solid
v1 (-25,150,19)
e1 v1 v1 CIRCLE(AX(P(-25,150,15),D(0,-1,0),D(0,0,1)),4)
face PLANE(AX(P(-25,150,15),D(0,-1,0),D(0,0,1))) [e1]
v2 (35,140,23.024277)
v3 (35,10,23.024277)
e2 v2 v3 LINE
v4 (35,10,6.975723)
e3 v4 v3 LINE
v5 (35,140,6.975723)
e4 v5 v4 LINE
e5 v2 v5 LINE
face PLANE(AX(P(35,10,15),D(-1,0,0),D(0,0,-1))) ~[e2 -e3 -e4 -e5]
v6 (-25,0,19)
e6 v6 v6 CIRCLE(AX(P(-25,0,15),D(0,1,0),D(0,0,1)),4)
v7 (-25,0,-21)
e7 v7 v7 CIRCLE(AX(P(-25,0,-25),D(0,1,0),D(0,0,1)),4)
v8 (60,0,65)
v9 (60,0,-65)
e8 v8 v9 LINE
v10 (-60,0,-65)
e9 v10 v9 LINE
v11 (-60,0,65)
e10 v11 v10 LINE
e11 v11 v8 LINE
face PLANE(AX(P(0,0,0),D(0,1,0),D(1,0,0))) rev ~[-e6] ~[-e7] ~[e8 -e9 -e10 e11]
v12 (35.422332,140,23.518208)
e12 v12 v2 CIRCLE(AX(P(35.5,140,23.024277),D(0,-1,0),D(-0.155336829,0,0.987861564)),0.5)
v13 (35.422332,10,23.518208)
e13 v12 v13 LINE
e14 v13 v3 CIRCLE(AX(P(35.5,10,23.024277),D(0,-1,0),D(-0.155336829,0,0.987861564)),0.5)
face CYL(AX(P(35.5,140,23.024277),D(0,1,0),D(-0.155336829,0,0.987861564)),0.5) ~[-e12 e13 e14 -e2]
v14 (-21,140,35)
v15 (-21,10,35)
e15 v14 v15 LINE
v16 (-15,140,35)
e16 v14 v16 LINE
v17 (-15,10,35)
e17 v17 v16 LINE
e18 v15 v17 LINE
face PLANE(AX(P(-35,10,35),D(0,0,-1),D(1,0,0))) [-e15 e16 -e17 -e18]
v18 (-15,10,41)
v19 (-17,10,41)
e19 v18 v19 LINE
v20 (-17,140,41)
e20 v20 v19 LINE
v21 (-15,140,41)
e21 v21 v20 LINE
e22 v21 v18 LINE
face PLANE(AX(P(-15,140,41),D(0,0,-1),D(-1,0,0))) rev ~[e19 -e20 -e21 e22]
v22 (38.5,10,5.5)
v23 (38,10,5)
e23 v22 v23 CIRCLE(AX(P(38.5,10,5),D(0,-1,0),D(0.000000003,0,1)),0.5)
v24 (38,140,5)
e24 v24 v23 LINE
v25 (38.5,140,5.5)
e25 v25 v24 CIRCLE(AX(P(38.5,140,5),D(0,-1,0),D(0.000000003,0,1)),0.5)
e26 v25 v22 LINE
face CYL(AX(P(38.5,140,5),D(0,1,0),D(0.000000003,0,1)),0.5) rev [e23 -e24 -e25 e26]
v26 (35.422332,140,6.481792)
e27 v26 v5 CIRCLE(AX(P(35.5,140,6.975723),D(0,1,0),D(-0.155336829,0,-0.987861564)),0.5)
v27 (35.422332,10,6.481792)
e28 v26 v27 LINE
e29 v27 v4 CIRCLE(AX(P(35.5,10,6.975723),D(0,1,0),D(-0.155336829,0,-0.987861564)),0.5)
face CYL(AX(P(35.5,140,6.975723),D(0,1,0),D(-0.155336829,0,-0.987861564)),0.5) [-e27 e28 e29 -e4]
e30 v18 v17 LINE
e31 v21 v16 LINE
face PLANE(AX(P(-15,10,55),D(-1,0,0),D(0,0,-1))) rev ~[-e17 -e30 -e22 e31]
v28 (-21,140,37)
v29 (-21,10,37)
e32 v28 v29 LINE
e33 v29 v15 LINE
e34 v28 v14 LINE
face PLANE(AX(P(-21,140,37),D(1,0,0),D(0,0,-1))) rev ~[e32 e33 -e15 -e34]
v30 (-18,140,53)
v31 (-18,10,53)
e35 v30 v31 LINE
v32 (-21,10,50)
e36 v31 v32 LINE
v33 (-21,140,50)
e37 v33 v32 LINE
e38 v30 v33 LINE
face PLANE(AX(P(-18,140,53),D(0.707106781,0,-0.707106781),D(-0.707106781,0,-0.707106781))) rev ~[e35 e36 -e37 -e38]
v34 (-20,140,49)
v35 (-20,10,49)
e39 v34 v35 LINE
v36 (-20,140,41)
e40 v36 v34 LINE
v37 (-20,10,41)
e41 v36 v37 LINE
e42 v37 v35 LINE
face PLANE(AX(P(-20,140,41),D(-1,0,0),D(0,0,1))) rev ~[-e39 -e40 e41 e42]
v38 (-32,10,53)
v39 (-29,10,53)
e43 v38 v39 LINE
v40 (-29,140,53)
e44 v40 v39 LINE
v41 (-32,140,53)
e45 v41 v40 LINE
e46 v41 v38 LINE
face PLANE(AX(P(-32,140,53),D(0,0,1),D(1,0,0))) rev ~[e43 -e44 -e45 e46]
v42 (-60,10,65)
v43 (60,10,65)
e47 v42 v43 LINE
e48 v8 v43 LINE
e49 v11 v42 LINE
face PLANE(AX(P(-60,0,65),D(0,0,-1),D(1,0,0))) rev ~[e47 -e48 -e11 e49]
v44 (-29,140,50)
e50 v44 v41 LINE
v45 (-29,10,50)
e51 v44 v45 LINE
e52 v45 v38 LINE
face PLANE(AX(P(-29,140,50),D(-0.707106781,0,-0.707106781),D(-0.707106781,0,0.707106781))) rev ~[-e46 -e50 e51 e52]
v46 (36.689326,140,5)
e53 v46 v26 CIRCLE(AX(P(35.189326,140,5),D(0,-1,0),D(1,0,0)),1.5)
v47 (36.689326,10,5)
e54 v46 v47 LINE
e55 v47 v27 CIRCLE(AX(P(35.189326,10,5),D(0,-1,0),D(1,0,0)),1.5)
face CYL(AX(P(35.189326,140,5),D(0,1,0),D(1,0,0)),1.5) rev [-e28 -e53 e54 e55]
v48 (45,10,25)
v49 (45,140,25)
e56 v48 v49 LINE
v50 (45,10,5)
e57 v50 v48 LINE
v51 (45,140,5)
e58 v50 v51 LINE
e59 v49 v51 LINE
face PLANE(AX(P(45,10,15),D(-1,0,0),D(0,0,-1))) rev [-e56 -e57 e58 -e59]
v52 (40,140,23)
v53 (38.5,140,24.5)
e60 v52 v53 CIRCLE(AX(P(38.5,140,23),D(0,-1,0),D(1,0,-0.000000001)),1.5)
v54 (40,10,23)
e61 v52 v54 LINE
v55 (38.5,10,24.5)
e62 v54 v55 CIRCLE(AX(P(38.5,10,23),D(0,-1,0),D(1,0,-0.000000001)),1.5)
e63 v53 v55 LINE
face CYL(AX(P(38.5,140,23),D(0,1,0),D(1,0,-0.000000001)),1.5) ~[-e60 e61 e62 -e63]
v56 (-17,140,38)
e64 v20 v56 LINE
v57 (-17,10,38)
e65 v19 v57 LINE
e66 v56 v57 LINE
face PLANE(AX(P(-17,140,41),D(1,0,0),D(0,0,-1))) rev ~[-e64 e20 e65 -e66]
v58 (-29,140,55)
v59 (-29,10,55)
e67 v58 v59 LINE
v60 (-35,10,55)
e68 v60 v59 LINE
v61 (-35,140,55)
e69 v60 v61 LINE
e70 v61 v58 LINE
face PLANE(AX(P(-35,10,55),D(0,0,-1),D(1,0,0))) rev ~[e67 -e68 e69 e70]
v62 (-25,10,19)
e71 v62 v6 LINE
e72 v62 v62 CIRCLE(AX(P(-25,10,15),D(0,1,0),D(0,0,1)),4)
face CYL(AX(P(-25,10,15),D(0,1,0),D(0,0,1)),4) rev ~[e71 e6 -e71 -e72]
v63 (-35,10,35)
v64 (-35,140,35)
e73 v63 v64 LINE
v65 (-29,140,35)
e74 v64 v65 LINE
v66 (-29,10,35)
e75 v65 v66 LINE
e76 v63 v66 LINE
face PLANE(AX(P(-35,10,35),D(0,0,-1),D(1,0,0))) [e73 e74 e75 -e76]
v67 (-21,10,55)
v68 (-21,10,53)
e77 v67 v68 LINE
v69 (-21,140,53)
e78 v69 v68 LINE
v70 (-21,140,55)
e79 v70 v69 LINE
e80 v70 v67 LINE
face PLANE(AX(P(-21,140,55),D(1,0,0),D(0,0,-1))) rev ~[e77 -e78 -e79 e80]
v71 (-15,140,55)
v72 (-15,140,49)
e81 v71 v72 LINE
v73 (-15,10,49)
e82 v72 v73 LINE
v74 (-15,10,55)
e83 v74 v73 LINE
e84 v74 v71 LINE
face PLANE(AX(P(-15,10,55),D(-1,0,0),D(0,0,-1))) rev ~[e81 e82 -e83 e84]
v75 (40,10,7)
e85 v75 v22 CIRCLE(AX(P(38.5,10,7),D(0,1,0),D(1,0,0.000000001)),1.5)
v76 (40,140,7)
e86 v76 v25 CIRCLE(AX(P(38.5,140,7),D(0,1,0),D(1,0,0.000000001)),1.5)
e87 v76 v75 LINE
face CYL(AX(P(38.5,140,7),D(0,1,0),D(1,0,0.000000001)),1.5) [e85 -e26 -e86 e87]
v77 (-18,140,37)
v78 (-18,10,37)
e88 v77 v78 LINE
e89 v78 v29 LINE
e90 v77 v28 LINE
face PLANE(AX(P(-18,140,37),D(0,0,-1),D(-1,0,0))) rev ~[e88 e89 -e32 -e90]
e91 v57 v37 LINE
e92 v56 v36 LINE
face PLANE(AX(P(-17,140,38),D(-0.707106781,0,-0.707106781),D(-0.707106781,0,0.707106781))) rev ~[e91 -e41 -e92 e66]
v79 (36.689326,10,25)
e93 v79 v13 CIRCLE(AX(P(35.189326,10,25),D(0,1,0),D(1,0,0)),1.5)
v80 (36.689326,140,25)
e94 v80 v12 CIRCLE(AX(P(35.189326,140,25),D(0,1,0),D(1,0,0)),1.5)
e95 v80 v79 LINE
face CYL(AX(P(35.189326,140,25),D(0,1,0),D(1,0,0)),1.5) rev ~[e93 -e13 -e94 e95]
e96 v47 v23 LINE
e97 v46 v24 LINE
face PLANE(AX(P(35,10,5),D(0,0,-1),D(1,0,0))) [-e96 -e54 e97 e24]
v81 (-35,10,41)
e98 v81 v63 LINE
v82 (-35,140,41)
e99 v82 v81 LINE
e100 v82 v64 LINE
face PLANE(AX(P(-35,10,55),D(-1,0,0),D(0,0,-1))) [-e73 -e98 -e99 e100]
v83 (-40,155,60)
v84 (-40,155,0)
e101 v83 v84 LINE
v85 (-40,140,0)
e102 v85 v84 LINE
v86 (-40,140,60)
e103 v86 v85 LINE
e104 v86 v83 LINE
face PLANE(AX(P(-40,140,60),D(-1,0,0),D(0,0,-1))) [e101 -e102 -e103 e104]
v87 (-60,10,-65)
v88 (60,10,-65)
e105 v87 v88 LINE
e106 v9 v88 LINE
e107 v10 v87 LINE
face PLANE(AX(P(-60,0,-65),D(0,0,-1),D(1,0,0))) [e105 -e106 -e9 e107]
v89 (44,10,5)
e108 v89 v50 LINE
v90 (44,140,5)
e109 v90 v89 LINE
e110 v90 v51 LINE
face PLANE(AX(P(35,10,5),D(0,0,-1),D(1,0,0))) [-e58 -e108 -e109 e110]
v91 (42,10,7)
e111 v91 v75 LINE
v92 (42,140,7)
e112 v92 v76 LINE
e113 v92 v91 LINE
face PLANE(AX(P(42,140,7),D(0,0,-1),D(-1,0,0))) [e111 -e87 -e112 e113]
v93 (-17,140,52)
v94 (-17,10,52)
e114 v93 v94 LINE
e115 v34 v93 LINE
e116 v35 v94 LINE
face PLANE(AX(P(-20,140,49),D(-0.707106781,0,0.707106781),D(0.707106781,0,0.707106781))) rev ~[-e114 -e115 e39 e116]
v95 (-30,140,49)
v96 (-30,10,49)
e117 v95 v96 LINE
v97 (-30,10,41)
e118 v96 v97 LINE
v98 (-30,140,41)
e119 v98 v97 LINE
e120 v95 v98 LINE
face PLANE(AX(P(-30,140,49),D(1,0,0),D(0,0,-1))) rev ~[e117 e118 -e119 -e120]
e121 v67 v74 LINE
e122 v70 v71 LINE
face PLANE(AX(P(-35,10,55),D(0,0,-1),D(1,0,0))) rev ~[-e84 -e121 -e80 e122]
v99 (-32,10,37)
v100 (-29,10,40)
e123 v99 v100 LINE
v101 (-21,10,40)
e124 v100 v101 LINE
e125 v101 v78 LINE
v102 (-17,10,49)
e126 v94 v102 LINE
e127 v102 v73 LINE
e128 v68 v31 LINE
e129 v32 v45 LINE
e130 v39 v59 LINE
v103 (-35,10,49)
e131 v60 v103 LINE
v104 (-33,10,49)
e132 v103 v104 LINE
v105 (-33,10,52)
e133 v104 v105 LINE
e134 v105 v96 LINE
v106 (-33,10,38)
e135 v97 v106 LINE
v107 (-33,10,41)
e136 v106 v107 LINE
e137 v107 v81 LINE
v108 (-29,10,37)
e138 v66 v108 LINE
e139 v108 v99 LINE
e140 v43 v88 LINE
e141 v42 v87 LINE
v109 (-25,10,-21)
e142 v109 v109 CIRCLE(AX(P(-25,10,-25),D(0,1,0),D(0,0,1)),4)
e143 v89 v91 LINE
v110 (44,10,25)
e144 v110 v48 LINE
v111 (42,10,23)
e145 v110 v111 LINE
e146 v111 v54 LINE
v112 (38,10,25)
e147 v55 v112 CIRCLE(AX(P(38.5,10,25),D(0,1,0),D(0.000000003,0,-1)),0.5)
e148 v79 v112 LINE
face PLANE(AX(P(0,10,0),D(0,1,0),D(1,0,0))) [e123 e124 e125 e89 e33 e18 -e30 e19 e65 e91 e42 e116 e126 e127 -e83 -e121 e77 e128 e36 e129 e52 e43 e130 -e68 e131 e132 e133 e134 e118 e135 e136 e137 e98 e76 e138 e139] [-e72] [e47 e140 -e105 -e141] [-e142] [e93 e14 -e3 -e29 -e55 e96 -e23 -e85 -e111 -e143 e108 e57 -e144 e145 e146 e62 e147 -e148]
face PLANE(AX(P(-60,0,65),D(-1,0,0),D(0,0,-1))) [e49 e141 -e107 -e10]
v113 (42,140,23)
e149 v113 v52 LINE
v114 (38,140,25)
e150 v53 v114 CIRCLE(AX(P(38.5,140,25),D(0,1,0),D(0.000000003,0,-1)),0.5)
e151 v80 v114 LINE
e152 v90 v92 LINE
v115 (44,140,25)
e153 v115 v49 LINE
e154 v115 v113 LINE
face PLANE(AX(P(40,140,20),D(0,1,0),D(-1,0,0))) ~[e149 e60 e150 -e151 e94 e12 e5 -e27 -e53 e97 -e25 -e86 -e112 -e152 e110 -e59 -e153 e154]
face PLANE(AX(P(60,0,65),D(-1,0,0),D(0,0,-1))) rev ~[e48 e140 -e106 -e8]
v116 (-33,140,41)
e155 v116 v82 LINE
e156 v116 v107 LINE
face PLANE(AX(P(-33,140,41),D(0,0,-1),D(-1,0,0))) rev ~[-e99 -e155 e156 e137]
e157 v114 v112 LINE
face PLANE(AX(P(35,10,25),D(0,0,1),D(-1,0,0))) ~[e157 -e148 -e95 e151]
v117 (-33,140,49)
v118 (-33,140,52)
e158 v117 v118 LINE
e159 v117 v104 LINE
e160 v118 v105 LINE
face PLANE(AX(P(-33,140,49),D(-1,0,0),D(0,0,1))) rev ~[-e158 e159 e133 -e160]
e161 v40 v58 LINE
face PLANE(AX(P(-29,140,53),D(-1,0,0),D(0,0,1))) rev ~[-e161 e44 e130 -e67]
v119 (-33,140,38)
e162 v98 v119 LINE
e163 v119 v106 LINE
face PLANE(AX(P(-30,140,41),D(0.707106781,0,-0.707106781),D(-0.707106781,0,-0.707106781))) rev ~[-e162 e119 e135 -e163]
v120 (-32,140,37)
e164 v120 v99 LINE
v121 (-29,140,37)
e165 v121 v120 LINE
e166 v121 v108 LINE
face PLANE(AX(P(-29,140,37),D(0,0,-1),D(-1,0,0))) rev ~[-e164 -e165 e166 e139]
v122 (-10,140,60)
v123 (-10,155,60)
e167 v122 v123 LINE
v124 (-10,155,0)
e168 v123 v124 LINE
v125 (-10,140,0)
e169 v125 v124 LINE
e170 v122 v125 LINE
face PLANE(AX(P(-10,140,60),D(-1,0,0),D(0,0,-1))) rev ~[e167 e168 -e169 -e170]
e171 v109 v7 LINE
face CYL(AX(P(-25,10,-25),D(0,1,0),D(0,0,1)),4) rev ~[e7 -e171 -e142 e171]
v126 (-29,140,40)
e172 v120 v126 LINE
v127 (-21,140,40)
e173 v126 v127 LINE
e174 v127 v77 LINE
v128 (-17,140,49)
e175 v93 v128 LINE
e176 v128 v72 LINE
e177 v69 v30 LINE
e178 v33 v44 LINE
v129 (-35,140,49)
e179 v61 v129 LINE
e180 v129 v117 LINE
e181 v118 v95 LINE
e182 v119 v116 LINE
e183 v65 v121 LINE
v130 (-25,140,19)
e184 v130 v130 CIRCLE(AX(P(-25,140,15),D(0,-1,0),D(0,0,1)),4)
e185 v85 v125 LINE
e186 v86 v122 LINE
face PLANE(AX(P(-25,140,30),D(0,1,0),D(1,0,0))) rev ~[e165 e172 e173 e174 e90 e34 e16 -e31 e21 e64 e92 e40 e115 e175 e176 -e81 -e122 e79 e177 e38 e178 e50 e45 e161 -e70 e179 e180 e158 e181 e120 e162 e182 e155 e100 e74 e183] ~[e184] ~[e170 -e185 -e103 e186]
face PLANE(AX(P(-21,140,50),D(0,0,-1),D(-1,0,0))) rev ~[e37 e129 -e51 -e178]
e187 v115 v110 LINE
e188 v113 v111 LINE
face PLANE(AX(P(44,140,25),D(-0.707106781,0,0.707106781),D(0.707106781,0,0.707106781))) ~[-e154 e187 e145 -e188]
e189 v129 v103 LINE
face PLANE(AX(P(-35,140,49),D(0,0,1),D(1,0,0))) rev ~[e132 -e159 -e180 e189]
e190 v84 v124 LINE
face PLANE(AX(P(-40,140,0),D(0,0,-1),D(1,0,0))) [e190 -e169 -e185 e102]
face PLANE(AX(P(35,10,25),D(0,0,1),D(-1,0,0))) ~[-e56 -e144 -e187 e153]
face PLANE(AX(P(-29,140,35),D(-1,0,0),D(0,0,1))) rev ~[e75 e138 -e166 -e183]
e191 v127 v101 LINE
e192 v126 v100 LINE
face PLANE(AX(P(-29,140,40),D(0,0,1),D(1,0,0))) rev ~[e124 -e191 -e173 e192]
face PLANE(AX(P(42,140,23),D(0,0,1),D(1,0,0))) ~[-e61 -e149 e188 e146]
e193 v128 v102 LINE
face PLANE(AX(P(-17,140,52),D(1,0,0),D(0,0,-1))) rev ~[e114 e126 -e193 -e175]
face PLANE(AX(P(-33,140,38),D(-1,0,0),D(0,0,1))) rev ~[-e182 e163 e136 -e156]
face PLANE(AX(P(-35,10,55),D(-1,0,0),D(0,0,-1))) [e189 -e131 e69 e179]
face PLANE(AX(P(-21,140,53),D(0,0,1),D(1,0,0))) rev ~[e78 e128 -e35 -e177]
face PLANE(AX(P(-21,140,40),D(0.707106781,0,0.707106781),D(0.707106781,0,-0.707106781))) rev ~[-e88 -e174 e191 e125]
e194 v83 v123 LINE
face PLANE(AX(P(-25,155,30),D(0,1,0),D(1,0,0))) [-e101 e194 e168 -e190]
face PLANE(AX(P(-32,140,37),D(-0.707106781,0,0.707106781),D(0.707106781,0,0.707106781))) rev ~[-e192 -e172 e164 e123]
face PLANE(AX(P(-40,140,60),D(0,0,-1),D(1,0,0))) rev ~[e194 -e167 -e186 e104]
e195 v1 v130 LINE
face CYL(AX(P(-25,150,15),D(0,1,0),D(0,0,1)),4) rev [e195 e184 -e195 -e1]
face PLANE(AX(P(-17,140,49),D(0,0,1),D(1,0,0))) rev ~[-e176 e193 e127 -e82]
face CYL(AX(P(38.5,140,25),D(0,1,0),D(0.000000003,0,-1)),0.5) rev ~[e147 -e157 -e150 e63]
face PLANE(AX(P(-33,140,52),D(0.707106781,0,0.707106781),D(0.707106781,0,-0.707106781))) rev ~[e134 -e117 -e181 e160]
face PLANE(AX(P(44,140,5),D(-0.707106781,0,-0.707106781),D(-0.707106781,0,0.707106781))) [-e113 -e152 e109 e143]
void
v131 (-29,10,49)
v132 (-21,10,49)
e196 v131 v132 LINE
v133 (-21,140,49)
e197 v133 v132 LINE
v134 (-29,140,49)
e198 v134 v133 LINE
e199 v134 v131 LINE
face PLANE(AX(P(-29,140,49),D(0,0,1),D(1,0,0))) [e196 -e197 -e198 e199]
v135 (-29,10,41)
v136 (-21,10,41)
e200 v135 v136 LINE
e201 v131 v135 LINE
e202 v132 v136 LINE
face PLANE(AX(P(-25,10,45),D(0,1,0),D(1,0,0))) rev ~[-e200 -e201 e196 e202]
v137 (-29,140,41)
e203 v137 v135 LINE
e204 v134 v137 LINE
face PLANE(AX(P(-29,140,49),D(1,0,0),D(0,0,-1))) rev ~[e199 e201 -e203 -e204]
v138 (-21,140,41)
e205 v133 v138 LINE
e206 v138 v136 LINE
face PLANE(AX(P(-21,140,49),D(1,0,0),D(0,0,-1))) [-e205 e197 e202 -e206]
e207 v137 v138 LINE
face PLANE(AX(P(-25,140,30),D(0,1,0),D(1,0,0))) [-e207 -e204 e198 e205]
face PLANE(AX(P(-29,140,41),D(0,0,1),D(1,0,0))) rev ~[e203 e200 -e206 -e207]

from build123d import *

# Parameters (mm, degrees)
SKETCH1_W           = 120
SKETCH1_H           = 130
BASEMOUNT_DEPTH     = 10
SKETCH4_W           = 10
SKETCH4_H           = 10
BOSS_EXTRUDE3_DEPTH = 130
CUT_EXTRUDE2_DEPTH  = 130
SKETCH6_R           = 4
CUT_EXTRUDE3_DEPTH  = 10
SKETCH7_W           = 20
SKETCH7_H           = 20
FRONTBAR_DEPTH      = 130
SKETCH8_W           = 8
SKETCH8_H           = 8
CENTERCUT_DEPTH     = 130
SITECUTBASIC_DEPTH  = 130
SITECUTMIRROR_COUNT = 4
SKETCH11_W          = 30
SKETCH11_H          = 60
UPPERBODY_DEPTH     = 15
CUT_EXTRUDE6_START  = -10
SKETCH13_R          = 4
CUT_EXTRUDE6_DEPTH  = 10


with BuildPart() as part:
    # Sketch1 → BaseMount (new body)
    with BuildSketch(Plane(origin=(0, 0, 0), x_dir=(1, 0, 0), z_dir=(0, 1, 0))):
        Rectangle(SKETCH1_W, SKETCH1_H)
    extrude(amount=BASEMOUNT_DEPTH)


with BuildPart() as body_2:
    # Sketch4 → Boss-Extrude3 (new body)
    with BuildSketch(Plane(origin=(0, 10, 0), x_dir=(1, 0, 0), z_dir=(0, 1, 0))):
        with Locations((40, -10)):
            Rectangle(SKETCH4_W, SKETCH4_H)
    boss_extrude3 = extrude(amount=BOSS_EXTRUDE3_DEPTH)

    # Sketch5 → Cut-Extrude2 (cut)
    with BuildSketch(Plane(origin=(0, 140, 0), x_dir=(1, 0, 0), z_dir=(0, 1, 0))):
        with BuildLine():
            Line((44, -5), (42, -7))
            Line((42, -7), (40, -7))
            ThreePointArc((40, -7), (39.560660172, -5.939339828), (38.5, -5.5))
            ThreePointArc((38.5, -5.5), (38.146446609, -5.353553391), (38, -5))
            Line((38, -5), (44, -5))
        make_face()
        with BuildLine():
            Line((35, -6.975723129), (35, -5))
            Line((35, -5), (36.689326349, -5))
            ThreePointArc((36.689326349, -5), (36.32939386, -5.974805658), (35.422331587, -6.481792347))
            ThreePointArc((35.422331587, -6.481792347), (35.119977497, -6.65078791), (35, -6.975723129))
        make_face()
        Polygon((45, 3.687489646), (44.5, 4.249082756), (44.5, 5.24232749), (45, 5.687489646), align=None)
    cut_extrude2 = extrude(amount=-CUT_EXTRUDE2_DEPTH, mode=Mode.SUBTRACT)


with BuildPart() as part_1:
    add(part.part)

    add(body_2.part)  # Mirror9 merges body 2
    # Mirror9: Boss-Extrude3 across plane
    add(boss_extrude3.mirror(Plane(origin=(45, 140, 15), x_dir=(1, 0, 0), z_dir=(0, 0, -1))))

    # Mirror9 2: Cut-Extrude2 across plane
    add(cut_extrude2.mirror(Plane(origin=(45, 140, 15), x_dir=(1, 0, 0), z_dir=(0, 0, -1))), mode=Mode.SUBTRACT)

    # Sketch6 → Cut-Extrude3 (cut)
    with BuildSketch(Plane(origin=(0, 10, 0), x_dir=(1, 0, 0), z_dir=(0, 1, 0))):
        with Locations((-25, -15)):
            Circle(SKETCH6_R)
        with Locations((-25, 25)):
            Circle(SKETCH6_R)
    extrude(amount=-CUT_EXTRUDE3_DEPTH, mode=Mode.SUBTRACT)

    # Sketch7 → frontBar (add)
    with BuildSketch(Plane(origin=(0, 10, 0), x_dir=(1, 0, 0), z_dir=(0, 1, 0))):
        with Locations((-25, -45)):
            Rectangle(SKETCH7_W, SKETCH7_H)
    extrude(amount=FRONTBAR_DEPTH)

    # Sketch8 → centercut (cut)
    with BuildSketch(Plane(origin=(0, 140, 0), x_dir=(1, 0, 0), z_dir=(0, 1, 0))):
        with Locations((-25, -45)):
            Rectangle(SKETCH8_W, SKETCH8_H)
    extrude(amount=-CENTERCUT_DEPTH, mode=Mode.SUBTRACT)

    # Sketch10 → siteCutBasic (cut)
    with BuildSketch(Plane(origin=(0, 140, 0), x_dir=(1, 0, 0), z_dir=(0, 1, 0))):
        Polygon((-32, -53), (-29, -53), (-29, -55), (-21, -55), (-21, -53), (-18, -53), (-21, -50), (-29, -50), align=None)
    sitecutbasic = extrude(amount=-SITECUTBASIC_DEPTH, mode=Mode.SUBTRACT)

    # siteCutMirror: siteCutBasic ×4 about axis
    sitecutmirror_axis = Axis((-25, 10, 45), (0, 1, 0))
    for i in range(1, SITECUTMIRROR_COUNT):
        add(sitecutbasic.rotate(sitecutmirror_axis, i * 360 / SITECUTMIRROR_COUNT), mode=Mode.SUBTRACT)

    # Sketch11 → upperBody (add)
    with BuildSketch(Plane(origin=(0, 140, 0), x_dir=(1, 0, 0), z_dir=(0, 1, 0))):
        with Locations((-25, -30)):
            Rectangle(SKETCH11_W, SKETCH11_H)
    extrude(amount=UPPERBODY_DEPTH)

    # Sketch13 → Cut-Extrude6 (cut)
    with BuildSketch(Plane.XZ.offset(-140).offset(CUT_EXTRUDE6_START)):
        with Locations((-25, 15)):
            Circle(SKETCH13_R)
    extrude(amount=CUT_EXTRUDE6_DEPTH, mode=Mode.SUBTRACT)


solid = part_1.part
